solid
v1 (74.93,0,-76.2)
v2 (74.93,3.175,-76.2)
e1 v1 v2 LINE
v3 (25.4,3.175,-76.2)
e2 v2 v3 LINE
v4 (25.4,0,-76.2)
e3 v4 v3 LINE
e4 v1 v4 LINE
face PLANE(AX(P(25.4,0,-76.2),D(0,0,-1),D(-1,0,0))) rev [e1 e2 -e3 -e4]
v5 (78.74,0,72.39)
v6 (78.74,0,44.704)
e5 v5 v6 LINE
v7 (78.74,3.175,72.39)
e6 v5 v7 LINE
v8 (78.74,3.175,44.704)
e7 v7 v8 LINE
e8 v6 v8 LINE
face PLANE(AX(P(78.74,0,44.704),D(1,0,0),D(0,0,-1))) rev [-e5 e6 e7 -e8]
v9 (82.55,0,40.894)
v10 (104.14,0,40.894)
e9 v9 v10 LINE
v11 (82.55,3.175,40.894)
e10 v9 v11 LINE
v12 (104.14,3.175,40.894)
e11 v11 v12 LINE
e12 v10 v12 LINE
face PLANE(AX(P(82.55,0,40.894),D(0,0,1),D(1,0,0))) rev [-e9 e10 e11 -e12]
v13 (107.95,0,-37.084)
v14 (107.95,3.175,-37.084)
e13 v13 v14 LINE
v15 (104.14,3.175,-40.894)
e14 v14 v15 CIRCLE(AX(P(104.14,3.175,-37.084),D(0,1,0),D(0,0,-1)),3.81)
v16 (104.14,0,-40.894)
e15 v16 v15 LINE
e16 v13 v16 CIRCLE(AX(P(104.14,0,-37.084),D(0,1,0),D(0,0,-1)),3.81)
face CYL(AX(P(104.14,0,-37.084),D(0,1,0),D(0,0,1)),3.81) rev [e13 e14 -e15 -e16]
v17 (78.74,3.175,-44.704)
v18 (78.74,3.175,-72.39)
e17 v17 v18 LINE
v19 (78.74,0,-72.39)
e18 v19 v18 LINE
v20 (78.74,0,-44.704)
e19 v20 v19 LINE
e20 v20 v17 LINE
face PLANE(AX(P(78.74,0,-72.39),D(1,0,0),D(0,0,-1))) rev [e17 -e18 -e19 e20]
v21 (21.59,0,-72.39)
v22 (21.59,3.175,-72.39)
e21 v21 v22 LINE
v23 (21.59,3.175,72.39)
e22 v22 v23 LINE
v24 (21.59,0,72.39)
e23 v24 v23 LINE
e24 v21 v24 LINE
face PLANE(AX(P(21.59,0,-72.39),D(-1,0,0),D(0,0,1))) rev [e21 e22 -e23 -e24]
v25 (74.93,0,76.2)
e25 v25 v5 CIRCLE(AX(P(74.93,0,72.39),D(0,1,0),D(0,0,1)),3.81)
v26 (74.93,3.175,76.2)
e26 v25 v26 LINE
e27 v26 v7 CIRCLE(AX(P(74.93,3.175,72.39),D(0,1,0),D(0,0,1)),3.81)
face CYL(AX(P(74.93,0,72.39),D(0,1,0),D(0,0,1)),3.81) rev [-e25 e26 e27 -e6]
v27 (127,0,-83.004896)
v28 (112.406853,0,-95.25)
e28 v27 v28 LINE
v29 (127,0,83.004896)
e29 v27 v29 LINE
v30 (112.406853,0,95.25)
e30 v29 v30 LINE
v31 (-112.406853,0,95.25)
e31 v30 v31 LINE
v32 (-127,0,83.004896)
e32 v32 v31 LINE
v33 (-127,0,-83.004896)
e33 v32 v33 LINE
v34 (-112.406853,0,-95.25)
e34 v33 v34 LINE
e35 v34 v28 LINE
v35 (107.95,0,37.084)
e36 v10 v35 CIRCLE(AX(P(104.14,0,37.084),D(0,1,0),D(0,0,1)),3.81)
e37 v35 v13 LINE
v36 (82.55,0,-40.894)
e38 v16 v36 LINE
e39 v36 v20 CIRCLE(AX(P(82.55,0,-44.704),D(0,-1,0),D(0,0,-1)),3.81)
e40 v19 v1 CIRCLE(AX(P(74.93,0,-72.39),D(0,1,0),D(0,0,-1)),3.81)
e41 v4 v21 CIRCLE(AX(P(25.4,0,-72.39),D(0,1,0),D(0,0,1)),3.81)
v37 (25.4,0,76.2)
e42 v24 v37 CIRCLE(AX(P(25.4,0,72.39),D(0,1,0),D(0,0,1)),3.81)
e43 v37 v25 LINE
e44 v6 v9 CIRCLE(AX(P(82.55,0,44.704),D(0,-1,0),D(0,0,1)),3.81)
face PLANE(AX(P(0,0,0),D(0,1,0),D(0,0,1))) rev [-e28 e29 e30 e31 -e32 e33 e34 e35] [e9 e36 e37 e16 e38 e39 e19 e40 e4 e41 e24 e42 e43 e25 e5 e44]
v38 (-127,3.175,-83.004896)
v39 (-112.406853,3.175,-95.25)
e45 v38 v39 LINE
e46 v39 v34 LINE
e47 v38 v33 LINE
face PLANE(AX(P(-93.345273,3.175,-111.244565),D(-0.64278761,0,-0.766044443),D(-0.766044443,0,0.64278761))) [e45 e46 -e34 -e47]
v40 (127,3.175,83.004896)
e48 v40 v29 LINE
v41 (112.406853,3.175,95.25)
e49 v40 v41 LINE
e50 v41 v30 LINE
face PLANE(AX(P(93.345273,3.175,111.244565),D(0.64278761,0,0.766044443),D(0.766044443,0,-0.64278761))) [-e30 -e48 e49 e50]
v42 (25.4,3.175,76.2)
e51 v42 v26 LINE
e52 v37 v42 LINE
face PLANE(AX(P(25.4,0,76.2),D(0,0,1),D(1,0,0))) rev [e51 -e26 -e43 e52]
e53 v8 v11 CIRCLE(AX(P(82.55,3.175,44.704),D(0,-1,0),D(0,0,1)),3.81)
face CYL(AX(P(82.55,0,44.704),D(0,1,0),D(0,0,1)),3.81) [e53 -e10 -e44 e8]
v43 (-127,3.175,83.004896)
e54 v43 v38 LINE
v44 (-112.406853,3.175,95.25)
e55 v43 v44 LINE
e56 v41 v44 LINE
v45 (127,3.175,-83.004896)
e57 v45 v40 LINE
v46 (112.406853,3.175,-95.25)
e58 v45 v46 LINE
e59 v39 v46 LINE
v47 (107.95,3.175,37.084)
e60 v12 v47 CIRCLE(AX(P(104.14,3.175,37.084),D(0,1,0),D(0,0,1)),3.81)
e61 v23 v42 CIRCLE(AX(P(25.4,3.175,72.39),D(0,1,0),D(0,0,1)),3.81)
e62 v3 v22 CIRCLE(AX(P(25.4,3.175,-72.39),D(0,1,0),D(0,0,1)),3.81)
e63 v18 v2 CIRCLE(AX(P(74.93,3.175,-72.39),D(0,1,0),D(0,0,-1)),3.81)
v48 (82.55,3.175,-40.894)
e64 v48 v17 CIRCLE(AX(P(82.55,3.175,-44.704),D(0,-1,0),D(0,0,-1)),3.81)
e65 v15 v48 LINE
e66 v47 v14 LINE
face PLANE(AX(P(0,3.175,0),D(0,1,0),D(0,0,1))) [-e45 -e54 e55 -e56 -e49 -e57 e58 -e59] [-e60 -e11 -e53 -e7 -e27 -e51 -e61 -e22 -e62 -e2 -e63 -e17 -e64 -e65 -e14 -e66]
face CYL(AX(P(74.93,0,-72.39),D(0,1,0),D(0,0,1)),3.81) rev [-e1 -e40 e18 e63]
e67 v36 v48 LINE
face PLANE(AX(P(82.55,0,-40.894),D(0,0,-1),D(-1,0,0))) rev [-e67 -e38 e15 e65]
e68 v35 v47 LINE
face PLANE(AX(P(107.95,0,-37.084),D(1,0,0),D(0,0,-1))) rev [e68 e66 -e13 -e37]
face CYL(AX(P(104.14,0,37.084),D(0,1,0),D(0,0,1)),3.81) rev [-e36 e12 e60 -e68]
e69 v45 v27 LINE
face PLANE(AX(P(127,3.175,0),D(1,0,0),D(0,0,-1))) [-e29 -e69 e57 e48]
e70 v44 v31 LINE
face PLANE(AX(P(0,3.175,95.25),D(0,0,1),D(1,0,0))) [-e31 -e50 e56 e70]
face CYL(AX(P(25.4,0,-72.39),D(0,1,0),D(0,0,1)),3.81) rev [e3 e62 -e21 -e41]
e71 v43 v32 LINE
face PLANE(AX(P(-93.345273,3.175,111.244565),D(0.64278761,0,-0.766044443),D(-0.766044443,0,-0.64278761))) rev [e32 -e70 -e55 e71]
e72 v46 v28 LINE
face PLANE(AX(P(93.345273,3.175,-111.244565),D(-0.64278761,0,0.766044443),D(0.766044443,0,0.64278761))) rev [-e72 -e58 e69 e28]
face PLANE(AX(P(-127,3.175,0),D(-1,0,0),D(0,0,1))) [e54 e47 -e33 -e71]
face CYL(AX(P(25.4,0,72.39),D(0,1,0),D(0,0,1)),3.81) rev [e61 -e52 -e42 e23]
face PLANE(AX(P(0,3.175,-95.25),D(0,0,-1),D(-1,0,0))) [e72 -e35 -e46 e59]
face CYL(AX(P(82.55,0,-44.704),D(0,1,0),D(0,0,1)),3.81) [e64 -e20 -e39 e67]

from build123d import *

# Parameters (mm, degrees)
BOSS_EXTRUDE1_DEPTH = 3.175
CUT_EXTRUDE1_DEPTH  = 4.175


with BuildPart() as part:
    # Sketch1 → Boss-Extrude1 (new body)
    with BuildSketch(Plane(origin=(0, 0, 0), x_dir=(1, 0, 0), z_dir=(0, 1, 0))):
        Polygon((127, -83.004896035), (112.406853359, -95.25), (-112.406853359, -95.25), (-127, -83.004896035), (-127, 83.004896035), (-112.406853359, 95.25), (112.406853359, 95.25), (127, 83.004896035), align=None)
    extrude(amount=BOSS_EXTRUDE1_DEPTH)

    # Sketch2 → Cut-Extrude1 (cut, through all)
    with BuildSketch(Plane(origin=(0, 3.175, 0), x_dir=(1, 0, 0), z_dir=(0, 1, 0))):
        with BuildLine():
            Line((82.55, 40.894), (104.14, 40.894))
            ThreePointArc((104.14, 40.894), (106.834076836, 39.778076836), (107.95, 37.084))
            Line((107.95, 37.084), (107.95, -37.084))
            ThreePointArc((107.95, -37.084), (106.834076836, -39.778076836), (104.14, -40.894))
            Line((104.14, -40.894), (82.55, -40.894))
            ThreePointArc((82.55, -40.894), (79.855923164, -42.009923164), (78.74, -44.704))
            Line((78.74, -44.704), (78.74, -72.39))
            ThreePointArc((78.74, -72.39), (77.624076836, -75.084076836), (74.93, -76.2))
            Line((74.93, -76.2), (25.4, -76.2))
            ThreePointArc((25.4, -76.2), (22.705923164, -75.084076836), (21.59, -72.39))
            Line((21.59, -72.39), (21.59, 72.39))
            ThreePointArc((21.59, 72.39), (22.705923164, 75.084076836), (25.4, 76.2))
            Line((25.4, 76.2), (74.93, 76.2))
            ThreePointArc((74.93, 76.2), (77.624076836, 75.084076836), (78.74, 72.39))
            Line((78.74, 72.39), (78.74, 44.704))
            ThreePointArc((78.74, 44.704), (79.855923164, 42.009923164), (82.55, 40.894))
        make_face()
    extrude(amount=-CUT_EXTRUDE1_DEPTH, mode=Mode.SUBTRACT)


solid = part.part
